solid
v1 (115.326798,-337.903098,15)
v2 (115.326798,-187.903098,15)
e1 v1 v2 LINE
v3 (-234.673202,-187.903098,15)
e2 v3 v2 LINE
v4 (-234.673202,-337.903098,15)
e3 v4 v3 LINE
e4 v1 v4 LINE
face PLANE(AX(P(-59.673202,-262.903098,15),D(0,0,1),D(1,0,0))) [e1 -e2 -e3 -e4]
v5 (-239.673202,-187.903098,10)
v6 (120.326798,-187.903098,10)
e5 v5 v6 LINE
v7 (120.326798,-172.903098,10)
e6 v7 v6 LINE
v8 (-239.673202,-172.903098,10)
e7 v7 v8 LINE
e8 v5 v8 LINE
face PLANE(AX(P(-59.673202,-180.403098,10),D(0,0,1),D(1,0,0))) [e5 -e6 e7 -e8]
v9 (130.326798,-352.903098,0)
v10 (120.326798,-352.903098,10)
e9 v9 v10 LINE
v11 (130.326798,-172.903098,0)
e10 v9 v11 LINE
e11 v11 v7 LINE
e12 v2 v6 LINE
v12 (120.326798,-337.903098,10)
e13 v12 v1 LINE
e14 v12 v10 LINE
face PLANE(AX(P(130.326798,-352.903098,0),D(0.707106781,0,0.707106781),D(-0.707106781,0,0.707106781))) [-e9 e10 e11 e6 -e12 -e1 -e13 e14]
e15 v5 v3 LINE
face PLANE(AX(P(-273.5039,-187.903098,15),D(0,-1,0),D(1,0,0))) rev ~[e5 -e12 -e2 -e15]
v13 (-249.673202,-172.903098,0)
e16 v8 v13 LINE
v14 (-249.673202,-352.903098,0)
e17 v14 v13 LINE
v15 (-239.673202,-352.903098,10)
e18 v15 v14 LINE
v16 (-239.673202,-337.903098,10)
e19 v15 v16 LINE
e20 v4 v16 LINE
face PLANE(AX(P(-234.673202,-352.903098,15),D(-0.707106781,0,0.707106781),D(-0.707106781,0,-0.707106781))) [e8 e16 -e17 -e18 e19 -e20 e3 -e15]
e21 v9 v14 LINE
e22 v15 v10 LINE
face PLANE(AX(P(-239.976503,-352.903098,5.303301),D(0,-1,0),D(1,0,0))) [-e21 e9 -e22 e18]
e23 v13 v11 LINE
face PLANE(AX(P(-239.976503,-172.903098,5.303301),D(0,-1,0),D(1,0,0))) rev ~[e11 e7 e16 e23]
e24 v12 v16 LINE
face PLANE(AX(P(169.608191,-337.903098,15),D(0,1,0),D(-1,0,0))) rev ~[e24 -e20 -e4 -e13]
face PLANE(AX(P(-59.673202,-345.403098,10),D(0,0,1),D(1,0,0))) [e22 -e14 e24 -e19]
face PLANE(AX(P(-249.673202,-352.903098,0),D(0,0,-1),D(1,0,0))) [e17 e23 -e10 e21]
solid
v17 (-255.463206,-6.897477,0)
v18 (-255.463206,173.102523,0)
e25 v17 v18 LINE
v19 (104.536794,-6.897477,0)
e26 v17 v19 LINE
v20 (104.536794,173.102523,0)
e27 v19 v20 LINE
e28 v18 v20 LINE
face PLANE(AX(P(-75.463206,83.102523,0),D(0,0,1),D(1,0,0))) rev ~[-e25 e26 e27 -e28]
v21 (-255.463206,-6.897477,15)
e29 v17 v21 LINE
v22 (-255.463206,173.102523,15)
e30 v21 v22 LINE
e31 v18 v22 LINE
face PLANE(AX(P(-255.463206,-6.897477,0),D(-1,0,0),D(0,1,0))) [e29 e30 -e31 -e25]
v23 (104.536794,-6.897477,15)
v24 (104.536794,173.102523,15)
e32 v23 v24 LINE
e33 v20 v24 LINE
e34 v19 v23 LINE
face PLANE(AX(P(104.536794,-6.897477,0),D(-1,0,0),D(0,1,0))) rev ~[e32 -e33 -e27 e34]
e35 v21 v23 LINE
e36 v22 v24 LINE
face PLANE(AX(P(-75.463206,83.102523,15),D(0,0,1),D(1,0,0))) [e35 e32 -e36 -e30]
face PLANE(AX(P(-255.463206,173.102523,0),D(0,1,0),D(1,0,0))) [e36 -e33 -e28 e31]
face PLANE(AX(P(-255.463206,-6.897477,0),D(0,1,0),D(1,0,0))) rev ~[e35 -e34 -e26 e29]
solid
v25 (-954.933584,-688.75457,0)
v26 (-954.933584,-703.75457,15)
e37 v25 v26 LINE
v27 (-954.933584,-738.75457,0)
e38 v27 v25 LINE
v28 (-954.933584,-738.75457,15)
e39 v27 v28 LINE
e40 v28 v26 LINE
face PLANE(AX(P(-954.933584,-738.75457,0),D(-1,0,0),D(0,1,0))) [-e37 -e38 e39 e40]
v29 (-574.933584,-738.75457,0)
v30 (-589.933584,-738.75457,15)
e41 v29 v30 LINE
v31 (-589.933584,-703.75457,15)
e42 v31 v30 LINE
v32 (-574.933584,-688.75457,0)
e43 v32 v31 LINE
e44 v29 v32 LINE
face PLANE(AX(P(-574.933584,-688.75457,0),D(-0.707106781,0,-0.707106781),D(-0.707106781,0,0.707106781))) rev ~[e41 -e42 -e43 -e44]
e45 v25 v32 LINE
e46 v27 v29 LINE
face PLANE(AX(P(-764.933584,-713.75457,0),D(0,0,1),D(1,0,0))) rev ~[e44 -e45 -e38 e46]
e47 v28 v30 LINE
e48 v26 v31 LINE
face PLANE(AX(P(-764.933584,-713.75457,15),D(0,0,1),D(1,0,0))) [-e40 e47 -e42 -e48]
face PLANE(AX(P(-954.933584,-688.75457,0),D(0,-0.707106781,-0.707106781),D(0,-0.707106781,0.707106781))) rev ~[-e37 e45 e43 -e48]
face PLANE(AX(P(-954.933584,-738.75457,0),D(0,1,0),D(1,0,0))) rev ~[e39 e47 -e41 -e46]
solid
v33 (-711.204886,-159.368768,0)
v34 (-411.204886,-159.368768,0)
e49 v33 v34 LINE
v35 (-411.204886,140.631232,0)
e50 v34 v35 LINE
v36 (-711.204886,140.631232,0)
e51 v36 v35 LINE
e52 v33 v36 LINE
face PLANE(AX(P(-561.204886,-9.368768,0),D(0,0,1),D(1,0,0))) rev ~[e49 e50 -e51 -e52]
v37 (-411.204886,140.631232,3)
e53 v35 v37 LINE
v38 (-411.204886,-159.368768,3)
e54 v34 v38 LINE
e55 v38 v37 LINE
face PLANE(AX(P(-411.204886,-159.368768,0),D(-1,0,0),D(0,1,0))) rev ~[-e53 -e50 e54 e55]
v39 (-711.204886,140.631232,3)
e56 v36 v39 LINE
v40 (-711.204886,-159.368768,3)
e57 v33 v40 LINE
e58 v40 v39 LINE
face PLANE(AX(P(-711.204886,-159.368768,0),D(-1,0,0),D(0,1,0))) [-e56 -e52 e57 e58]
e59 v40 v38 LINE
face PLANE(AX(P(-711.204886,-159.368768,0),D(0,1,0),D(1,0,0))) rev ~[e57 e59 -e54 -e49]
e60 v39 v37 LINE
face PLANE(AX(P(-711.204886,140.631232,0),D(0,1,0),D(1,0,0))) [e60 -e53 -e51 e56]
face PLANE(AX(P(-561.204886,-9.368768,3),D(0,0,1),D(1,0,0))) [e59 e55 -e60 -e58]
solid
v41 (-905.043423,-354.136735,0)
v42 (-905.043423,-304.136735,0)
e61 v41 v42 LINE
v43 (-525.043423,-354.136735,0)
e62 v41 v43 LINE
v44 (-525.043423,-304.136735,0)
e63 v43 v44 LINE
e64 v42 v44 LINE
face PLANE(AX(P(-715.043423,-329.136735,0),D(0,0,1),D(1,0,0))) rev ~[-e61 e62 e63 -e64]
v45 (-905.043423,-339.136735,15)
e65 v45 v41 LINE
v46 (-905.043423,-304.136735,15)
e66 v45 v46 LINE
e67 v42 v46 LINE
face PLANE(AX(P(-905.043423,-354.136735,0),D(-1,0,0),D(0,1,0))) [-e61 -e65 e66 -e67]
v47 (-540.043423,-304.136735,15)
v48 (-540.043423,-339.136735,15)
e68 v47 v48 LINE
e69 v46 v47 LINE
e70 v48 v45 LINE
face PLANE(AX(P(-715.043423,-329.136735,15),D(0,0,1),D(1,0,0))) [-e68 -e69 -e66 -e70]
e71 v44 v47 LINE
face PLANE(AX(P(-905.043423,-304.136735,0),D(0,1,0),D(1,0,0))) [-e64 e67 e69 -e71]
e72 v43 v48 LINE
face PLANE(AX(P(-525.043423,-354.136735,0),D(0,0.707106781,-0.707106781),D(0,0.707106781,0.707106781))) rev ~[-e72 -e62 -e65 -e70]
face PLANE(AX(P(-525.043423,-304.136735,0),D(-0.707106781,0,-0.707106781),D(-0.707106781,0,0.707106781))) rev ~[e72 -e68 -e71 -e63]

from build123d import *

# Parameters (mm, degrees)
F0_W      = 360
F0_H      = 180
F1_DEPTH  = 15
F2_W      = 350
F2_H      = 180
F3_DEPTH  = 15
F5_DEPTH  = 180
F6_W      = 350
F6_H      = 15
F6_W_2    = 38.8306975365
F6_W_3    = 75.8310049772
F7_DEPTH  = 5
F8_W      = 350
F8_H      = 15
F8_W_2    = 57.6145350933
F8_W_3    = 54.2813926935
F9_DEPTH  = 5
F10_W     = 300
F10_H     = 300
F11_DEPTH = 3
F12_W     = 380
F12_H     = 50
F13_DEPTH = 15
F15_DEPTH = 551
F17_DEPTH = 79
F18_W     = 380
F18_H     = 50
F19_DEPTH = 15
F21_DEPTH = 76
F23_DEPTH = 513.3


with BuildPart() as f1:
    # F0 (on Top) → F1 (new body)
    with BuildSketch(Plane.XY):
        with Locations((-75.4632055759, 83.1025231441)):
            Rectangle(F0_W, F0_H)
    extrude(amount=F1_DEPTH)


with BuildPart() as f3:
    # F2 (on Top) → F3 (new body)
    with BuildSketch(Plane.XY):
        with Locations((-59.6732020378, -262.903097868)):
            Rectangle(F2_W, F2_H)
    extrude(amount=F3_DEPTH)

    # F4 (on face) → F5 (join)
    with BuildSketch(Plane.XZ.offset(352.903097868)):
        Polygon((-249.6732020378, 0), (-234.6732020378, 0), (-234.6732020378, 15), align=None)
        Polygon((115.3267979622, 15), (115.3267979622, 0), (130.3267979622, 0), align=None)
    extrude(amount=-F5_DEPTH)

    # F6 (on face) → F7 (cut)
    with BuildSketch(Plane.XY.offset(15)):
        with Locations((-59.6732020378, -180.403097868)):
            Rectangle(F6_W, F6_H)
        with Locations((-254.088550806, -180.403097868)):
            Rectangle(F6_W_2, F6_H)
        with Locations((153.2423004508, -180.403097868)):
            Rectangle(F6_W_3, F6_H)
    extrude(amount=-F7_DEPTH, mode=Mode.SUBTRACT)

    # F8 (on face) → F9 (cut)
    with BuildSketch(Plane.XY.offset(15)):
        with Locations((-59.6732020378, -345.403097868)):
            Rectangle(F8_W, F8_H)
        with Locations((-263.4804695845, -345.403097868)):
            Rectangle(F8_W_2, F8_H)
        with Locations((142.4674943089, -345.403097868)):
            Rectangle(F8_W_3, F8_H)
    extrude(amount=-F9_DEPTH, mode=Mode.SUBTRACT)


with BuildPart() as f11:
    # F10 (on Top) → F11 (new body)
    with BuildSketch(Plane.XY):
        with Locations((-561.2048864365, -9.3687683344)):
            Rectangle(F10_W, F10_H)
    extrude(amount=F11_DEPTH)


with BuildPart() as f13:
    # F12 (on Top) → F13 (new body)
    with BuildSketch(Plane.XY):
        with Locations((-715.0434231758, -329.1367352009)):
            Rectangle(F12_W, F12_H)
    extrude(amount=F13_DEPTH)

    # F14 (on face) → F15 (cut)
    with BuildSketch(Plane.YZ.offset(-525.0434231758)):
        Polygon((-354.1367352009, 15), (-354.1367352009, 0), (-339.1367352009, 15), align=None)
    extrude(amount=-F15_DEPTH, mode=Mode.SUBTRACT)

    # F16 (on face) → F17 (cut)
    with BuildSketch(Plane(origin=(0, -304.1367352009, 0), x_dir=(-1, 0, 0), z_dir=(0, 1, 0))):
        Polygon((525.0434231758, 15), (525.0434231758, 0), (540.0434231758, 15), align=None)
    extrude(amount=-F17_DEPTH, mode=Mode.SUBTRACT)


with BuildPart() as f19:
    # F18 (on Top) → F19 (new body)
    with BuildSketch(Plane.XY):
        with Locations((-764.9335837364, -713.7545704842)):
            Rectangle(F18_W, F18_H)
    extrude(amount=F19_DEPTH)

    # F20 (on face) → F21 (cut)
    with BuildSketch(Plane(origin=(0, -688.7545704842, 0), x_dir=(-1, 0, 0), z_dir=(0, 1, 0))):
        Polygon((574.9335837364, 15), (574.9335837364, 0), (589.9335837364, 15), align=None)
    extrude(amount=-F21_DEPTH, mode=Mode.SUBTRACT)

    # F22 (on face) → F23 (cut)
    with BuildSketch(Plane(origin=(-954.9335837364, 0, 0), x_dir=(0, -1, 0), z_dir=(-1, 0, 0))):
        Polygon((688.7545704842, 15), (688.7545704842, 0), (703.7545704842, 15), align=None)
    extrude(amount=-F23_DEPTH, mode=Mode.SUBTRACT)


solid = Compound([f1.part, f3.part, f11.part, f13.part, f19.part])
